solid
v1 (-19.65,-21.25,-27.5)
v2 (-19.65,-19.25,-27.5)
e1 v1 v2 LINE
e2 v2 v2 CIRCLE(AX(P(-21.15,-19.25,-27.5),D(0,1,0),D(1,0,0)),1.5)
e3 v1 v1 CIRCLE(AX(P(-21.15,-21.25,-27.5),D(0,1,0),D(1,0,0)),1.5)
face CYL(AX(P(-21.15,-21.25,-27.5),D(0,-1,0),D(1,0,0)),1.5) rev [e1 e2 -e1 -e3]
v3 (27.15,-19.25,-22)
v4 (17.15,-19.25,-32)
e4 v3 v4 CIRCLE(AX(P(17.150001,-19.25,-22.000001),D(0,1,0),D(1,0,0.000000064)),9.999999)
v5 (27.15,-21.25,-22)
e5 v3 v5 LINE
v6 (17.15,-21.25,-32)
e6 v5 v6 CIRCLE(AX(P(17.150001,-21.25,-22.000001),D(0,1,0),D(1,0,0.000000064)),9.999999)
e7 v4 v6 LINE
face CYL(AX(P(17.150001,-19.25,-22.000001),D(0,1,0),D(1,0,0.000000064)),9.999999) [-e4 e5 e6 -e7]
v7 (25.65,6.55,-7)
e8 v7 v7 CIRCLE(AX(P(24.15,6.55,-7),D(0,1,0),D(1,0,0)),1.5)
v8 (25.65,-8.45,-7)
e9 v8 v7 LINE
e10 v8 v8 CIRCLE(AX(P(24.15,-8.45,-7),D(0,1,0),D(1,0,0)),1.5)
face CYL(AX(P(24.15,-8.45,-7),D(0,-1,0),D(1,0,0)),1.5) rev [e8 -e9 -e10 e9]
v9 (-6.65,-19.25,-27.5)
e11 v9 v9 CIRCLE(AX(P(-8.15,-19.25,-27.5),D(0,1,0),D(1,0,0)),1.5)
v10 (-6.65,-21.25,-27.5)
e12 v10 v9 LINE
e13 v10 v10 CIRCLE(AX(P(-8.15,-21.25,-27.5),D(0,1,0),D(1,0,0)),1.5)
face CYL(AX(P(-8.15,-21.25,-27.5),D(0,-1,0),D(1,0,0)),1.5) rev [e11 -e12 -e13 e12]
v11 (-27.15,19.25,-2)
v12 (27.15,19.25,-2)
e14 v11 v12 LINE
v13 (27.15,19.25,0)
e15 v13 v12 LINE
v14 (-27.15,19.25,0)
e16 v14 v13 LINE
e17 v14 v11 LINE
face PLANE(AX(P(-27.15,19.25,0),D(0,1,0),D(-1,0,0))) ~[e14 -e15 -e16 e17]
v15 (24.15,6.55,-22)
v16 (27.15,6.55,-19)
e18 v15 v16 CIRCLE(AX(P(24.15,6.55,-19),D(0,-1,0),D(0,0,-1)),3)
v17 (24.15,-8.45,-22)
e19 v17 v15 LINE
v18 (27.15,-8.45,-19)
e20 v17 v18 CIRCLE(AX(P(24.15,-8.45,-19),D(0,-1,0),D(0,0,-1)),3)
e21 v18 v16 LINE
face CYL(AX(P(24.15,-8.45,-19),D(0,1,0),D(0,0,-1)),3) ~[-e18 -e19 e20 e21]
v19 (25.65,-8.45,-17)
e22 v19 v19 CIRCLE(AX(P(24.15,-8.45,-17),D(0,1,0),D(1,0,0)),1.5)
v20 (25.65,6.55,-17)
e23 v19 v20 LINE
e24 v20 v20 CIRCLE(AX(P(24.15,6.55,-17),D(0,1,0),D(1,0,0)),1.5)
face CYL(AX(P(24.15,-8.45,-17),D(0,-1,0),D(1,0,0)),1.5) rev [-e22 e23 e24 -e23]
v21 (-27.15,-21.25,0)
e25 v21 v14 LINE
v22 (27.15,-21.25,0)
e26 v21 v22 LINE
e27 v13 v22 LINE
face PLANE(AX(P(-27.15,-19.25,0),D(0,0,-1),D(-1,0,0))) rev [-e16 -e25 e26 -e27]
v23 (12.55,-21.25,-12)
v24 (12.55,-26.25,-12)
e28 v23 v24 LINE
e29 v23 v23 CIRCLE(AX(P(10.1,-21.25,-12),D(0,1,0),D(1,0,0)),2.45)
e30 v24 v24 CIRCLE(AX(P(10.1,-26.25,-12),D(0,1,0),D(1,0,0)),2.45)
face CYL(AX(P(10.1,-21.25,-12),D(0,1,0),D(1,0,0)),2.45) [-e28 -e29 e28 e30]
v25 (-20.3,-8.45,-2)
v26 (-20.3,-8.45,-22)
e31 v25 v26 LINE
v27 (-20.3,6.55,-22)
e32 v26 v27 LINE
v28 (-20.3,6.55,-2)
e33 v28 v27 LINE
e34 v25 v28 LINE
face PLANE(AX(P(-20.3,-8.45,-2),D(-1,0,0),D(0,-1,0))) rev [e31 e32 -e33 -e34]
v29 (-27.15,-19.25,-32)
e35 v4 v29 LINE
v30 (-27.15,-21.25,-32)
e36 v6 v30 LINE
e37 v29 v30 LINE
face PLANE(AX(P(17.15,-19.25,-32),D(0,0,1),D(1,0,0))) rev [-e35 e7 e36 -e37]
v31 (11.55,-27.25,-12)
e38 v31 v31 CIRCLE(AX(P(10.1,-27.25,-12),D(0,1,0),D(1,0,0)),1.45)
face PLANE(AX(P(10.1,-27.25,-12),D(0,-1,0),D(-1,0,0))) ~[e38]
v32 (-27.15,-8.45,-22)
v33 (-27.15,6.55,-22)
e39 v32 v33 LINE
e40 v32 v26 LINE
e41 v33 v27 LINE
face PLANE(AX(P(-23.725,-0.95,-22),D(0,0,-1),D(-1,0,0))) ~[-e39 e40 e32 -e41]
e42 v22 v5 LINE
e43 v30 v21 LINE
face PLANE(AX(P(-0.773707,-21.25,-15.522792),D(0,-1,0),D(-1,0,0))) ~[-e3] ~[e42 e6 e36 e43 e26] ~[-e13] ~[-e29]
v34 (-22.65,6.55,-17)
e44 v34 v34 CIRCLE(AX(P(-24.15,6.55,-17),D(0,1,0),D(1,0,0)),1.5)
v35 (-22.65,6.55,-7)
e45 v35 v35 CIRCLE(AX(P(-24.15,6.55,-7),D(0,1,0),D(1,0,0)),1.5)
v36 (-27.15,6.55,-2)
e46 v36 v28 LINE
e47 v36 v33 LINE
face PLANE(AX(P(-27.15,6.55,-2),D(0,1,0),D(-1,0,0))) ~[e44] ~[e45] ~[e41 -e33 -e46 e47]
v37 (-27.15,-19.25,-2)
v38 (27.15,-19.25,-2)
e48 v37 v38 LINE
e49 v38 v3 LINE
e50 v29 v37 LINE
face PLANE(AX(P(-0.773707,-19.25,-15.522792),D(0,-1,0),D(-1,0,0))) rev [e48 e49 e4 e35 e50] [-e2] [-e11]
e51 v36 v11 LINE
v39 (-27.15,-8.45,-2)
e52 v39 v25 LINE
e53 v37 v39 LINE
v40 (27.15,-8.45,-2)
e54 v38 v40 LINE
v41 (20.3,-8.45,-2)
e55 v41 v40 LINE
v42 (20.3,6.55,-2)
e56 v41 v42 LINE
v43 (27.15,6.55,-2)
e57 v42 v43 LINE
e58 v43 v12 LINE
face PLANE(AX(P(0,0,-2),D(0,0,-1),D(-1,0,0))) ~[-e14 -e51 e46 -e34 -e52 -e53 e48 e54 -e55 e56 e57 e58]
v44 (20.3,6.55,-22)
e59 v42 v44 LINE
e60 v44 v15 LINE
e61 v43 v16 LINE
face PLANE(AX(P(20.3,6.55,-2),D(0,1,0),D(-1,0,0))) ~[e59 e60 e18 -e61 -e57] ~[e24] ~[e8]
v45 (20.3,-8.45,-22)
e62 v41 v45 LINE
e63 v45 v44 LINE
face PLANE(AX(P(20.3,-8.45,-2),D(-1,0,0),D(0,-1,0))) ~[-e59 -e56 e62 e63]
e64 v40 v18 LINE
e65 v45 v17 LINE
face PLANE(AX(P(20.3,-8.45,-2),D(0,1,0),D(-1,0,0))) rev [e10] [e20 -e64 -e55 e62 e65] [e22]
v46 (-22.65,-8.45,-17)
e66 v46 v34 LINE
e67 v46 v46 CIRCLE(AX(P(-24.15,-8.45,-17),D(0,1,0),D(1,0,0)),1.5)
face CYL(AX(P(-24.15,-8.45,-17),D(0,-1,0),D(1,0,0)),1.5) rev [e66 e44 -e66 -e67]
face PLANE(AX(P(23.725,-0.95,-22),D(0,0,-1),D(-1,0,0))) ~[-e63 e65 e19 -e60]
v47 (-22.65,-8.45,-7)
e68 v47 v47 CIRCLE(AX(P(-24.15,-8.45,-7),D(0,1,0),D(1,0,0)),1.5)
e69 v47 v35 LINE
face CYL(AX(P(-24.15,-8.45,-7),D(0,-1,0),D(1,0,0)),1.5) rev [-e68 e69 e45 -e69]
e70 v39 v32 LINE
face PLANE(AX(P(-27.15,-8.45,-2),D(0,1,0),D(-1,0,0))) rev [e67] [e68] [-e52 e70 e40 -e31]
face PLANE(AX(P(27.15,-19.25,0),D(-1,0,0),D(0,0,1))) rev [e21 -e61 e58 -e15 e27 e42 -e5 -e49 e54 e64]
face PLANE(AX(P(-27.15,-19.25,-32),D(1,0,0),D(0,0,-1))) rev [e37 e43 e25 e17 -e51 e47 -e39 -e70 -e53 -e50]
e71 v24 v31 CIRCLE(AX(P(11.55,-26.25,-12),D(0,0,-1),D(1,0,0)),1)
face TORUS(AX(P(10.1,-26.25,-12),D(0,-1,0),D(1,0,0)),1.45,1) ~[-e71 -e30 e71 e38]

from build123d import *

# Parameters (mm, degrees)
SKETCH_W        = 54.3
SKETCH_H        = 38.5
PAD_DEPTH       = 2
SKETCH001_W     = 6.85
SKETCH001_H     = 15
PAD001_DEPTH    = 20
SKETCH002_R     = 1.5
POCKET_DEPTH    = 15
PAD002_DEPTH    = 2
FILLET_R        = 3
SKETCH004_R     = 2.45
PAD003_DEPTH    = 6
FILLET001_R     = 1
SKETCH005_R     = 1.5
POCKET001_DEPTH = 5


with BuildPart() as body:
    # Sketch → Pad (new body)
    with BuildSketch(Plane.XY):
        Rectangle(SKETCH_W, SKETCH_H)
    extrude(amount=PAD_DEPTH)

    # Sketch001 (on Face6 of Pad) → Pad001 (join)
    with BuildSketch(Plane.XY.offset(2)):
        with Locations((23.725, -0.95)):
            Rectangle(SKETCH001_W, SKETCH001_H)
        with Locations((-23.725, -0.95)):
            Rectangle(SKETCH001_W, SKETCH001_H)
    extrude(amount=PAD001_DEPTH)

    # Sketch002 (on Face11 of Pad001) → Pocket (cut)
    with BuildSketch(Plane.XZ.offset(8.45)):
        with Locations((24.15, 17)):
            Circle(SKETCH002_R)
        with Locations((24.15, 7)):
            Circle(SKETCH002_R)
        with Locations((-24.15, 17)):
            Circle(SKETCH002_R)
        with Locations((-24.15, 7)):
            Circle(SKETCH002_R)
    extrude(amount=-POCKET_DEPTH, mode=Mode.SUBTRACT)

    # Sketch003 (on Face6 of Pocket) → Pad002 (join)
    with BuildSketch(Plane.XZ.offset(19.25)):
        with BuildLine():
            Line((-27.15, 0), (27.15, 0))
            Line((27.15, 0), (27.15, 22))
            ThreePointArc((27.15, 22), (24.221068, 29.071068), (17.15, 32))
            Line((17.15, 32), (-27.15, 32))
            Line((-27.15, 32), (-27.15, 0))
        make_face()
    extrude(amount=PAD002_DEPTH)

    # Fillet
    fillet_edges = [body.edges().sort_by_distance(p)[0] for p in [
        (27.15, -0.95, 22),
    ]]
    fillet(fillet_edges, radius=FILLET_R)

    # Sketch004 (on Face21 of Fillet) → Pad003 (join)
    with BuildSketch(Plane.XZ.offset(21.25)):
        with Locations((10.1, 12)):
            Circle(SKETCH004_R)
    extrude(amount=PAD003_DEPTH)

    # Fillet001
    fillet001_edges = [body.edges().sort_by_distance(p)[0] for p in [
        (7.65, -27.25, 12),
    ]]
    fillet(fillet001_edges, radius=FILLET001_R)

    # Sketch005 (on Face3 of Fillet001) → Pocket001 (cut)
    with BuildSketch(Plane.XZ.offset(21.25)):
        with Locations((-21.15, 27.5)):
            Circle(SKETCH005_R)
        with Locations((-8.15, 27.5)):
            Circle(SKETCH005_R)
    extrude(amount=-POCKET001_DEPTH, mode=Mode.SUBTRACT)


with BuildPart() as part_mirroring:
    # Part__Mirroring: instance of Body
    add(body.part.mirror(Plane(origin=(0, 0, 0), x_dir=(0, 1, 0), z_dir=(0, 0, 1))))


solid = part_mirroring.part
